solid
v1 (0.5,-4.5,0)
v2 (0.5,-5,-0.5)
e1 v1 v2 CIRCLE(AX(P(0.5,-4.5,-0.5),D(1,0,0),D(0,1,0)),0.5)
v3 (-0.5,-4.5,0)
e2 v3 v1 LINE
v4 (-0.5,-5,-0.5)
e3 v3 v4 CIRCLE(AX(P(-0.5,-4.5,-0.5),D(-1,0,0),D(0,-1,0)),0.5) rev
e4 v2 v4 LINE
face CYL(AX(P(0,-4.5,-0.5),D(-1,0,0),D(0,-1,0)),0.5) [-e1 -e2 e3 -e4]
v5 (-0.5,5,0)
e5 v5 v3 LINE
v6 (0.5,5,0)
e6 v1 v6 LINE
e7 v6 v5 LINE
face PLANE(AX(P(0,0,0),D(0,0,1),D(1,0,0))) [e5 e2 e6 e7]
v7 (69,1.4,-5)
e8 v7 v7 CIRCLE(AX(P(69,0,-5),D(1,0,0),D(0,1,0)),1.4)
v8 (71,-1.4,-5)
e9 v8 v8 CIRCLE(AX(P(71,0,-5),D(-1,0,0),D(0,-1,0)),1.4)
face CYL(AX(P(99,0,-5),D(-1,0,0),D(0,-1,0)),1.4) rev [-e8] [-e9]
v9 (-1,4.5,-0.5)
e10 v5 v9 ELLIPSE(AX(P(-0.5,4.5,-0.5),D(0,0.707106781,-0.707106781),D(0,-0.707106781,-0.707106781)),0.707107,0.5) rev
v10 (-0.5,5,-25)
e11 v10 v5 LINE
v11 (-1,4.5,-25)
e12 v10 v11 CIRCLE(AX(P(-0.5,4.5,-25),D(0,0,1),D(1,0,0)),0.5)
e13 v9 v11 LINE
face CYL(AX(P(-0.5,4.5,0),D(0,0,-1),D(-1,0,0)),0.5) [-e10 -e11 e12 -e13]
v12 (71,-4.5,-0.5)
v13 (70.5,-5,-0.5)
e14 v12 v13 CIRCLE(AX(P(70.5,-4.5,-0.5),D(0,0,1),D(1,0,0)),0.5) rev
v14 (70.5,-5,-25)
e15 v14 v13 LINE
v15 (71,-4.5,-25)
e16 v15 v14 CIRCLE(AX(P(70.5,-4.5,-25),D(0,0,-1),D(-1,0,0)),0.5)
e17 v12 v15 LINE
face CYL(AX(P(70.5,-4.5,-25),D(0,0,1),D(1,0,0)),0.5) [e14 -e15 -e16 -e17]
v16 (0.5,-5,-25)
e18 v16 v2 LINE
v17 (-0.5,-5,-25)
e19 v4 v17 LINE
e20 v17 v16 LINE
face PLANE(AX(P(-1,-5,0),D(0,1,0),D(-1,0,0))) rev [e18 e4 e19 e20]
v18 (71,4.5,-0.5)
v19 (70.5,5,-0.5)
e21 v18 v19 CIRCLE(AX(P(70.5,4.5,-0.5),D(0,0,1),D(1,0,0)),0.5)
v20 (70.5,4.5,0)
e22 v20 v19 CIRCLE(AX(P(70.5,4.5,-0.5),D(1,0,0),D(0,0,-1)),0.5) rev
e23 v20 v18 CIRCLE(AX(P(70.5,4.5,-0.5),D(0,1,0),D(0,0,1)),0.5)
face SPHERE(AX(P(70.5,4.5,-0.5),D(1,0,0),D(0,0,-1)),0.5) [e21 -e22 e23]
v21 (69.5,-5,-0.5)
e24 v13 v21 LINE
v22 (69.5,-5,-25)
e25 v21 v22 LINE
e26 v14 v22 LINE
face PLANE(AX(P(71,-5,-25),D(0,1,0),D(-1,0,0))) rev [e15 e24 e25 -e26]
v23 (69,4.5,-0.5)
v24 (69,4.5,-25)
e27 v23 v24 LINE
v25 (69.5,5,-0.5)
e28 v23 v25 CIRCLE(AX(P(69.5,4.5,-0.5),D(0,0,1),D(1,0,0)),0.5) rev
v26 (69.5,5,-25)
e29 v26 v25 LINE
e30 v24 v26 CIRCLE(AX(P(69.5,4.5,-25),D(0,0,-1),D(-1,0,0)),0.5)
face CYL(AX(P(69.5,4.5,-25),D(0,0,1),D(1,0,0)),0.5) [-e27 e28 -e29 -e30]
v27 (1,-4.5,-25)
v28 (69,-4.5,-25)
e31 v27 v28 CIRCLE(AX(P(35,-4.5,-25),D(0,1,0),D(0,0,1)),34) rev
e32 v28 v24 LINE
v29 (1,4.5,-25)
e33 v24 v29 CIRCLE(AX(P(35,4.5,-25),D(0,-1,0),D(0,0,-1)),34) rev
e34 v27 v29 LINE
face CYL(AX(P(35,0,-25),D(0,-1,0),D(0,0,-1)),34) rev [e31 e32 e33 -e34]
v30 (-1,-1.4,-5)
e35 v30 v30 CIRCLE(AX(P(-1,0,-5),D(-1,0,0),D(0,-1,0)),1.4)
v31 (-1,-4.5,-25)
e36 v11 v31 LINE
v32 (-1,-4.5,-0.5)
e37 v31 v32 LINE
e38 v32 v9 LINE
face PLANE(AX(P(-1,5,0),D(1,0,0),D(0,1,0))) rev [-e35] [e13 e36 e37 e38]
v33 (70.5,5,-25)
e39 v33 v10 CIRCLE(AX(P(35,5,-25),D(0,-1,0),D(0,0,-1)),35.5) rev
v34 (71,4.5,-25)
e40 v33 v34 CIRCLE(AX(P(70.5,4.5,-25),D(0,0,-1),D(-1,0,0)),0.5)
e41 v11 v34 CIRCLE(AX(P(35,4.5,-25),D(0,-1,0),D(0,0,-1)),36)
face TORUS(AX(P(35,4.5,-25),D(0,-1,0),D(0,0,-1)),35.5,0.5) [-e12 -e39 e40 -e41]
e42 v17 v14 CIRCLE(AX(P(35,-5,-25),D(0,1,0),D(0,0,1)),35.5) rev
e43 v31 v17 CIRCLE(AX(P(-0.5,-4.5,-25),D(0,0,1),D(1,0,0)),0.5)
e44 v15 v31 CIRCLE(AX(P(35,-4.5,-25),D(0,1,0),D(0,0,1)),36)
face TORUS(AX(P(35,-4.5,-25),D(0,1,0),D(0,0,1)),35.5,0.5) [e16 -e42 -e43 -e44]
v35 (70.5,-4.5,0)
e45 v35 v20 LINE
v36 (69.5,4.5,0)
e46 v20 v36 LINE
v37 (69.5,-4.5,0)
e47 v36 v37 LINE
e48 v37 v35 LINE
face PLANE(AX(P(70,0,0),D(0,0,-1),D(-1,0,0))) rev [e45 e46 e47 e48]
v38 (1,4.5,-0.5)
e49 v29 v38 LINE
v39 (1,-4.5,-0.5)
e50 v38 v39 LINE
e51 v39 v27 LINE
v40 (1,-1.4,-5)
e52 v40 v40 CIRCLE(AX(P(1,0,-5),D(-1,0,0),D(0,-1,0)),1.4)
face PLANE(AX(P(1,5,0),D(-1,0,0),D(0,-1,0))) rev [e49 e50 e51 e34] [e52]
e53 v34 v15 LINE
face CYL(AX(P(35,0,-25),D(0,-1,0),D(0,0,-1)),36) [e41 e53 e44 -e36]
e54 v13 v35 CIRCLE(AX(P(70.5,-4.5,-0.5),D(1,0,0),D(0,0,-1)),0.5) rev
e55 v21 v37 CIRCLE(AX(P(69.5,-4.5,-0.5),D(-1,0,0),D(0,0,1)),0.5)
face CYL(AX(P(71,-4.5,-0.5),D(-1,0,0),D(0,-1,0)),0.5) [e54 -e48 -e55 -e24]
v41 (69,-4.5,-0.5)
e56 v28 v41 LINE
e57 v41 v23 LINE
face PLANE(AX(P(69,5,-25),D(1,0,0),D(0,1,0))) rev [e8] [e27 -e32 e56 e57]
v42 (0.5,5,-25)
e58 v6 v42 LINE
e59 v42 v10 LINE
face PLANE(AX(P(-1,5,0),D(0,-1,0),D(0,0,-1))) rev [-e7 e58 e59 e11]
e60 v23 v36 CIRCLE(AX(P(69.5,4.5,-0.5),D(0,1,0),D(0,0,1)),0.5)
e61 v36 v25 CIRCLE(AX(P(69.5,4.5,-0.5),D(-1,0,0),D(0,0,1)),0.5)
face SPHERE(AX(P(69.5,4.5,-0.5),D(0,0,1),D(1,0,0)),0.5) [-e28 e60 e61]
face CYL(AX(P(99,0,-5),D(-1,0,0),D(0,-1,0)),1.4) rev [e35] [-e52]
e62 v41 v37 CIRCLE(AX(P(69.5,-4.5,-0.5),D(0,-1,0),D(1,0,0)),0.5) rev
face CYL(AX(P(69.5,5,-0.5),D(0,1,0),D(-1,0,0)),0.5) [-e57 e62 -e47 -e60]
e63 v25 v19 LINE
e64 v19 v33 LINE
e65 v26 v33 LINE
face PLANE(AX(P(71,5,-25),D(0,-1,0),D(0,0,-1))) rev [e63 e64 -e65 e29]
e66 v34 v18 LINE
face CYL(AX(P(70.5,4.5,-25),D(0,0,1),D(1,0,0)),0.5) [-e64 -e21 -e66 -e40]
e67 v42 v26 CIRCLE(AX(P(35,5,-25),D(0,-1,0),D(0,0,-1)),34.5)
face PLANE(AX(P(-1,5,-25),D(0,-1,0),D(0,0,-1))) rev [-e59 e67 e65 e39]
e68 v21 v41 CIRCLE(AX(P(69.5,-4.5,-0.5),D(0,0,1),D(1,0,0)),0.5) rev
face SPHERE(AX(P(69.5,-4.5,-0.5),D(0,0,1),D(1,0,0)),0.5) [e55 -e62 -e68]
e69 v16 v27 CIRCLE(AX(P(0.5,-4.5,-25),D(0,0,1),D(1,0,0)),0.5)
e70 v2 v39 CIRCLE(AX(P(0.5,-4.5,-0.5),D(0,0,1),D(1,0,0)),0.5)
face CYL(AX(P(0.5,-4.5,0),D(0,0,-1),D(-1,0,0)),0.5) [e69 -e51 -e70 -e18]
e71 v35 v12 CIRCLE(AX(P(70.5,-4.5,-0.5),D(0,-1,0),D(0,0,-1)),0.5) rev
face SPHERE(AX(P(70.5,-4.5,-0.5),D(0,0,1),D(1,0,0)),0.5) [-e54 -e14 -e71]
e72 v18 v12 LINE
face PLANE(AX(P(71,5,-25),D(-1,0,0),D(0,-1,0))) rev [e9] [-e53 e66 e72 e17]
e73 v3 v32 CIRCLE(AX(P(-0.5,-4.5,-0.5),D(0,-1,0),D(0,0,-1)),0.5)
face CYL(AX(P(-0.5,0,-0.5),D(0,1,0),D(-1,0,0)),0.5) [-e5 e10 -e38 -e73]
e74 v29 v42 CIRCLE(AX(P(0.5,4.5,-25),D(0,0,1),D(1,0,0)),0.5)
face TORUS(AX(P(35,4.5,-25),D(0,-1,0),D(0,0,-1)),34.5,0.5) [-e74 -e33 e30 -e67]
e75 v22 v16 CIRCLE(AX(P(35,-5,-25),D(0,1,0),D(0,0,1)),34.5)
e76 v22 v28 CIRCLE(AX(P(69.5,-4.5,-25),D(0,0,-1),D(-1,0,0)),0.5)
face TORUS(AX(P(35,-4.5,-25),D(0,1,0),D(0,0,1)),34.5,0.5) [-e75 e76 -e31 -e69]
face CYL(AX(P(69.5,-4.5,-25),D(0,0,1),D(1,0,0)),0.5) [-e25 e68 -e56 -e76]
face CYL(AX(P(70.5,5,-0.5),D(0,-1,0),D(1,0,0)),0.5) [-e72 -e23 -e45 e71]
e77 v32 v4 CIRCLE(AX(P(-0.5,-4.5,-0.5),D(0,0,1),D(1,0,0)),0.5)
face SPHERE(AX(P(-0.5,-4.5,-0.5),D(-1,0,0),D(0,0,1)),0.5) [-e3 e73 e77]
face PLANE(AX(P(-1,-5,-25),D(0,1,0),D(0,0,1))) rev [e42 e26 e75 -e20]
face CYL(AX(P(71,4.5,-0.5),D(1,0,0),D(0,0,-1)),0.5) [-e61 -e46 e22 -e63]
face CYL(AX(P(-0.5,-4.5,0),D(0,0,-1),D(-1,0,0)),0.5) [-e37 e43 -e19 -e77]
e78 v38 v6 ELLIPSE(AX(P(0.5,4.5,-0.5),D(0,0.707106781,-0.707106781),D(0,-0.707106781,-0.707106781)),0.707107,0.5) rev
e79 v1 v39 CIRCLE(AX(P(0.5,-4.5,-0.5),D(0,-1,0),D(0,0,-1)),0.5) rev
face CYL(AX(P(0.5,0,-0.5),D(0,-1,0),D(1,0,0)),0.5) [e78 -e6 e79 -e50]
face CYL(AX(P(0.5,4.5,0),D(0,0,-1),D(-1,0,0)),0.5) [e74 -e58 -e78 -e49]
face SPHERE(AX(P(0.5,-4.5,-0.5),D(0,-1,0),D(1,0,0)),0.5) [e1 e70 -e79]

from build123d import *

# Parameters (mm, degrees)
SZKIC3_W                   = 2
SZKIC3_H                   = 10
SZKIC5_R                   = 1.4
WYTNIJ_WYCI_GNI_CIE1_DEPTH = 100
ZAOKR_GLENIE1_R            = 0.5


with BuildPart() as part:
    # Wyciągnięcie po ścieżce1: sweep along a path in Szkic2
    with BuildLine(Plane(origin=(0, 0, 0), x_dir=(1, 0, 0), z_dir=(0, 1, 0))) as wyci_gni_cie_po_cie_ce1_path:
        Line((0, 0), (0, 25))
        ThreePointArc((0, 25), (35, 60), (70, 25))
        Line((70, 25), (70, 0))
    # Szkic3 → Wyciągnięcie po ścieżce1 (sweep)
    with BuildSketch(Plane.XY):
        Rectangle(SZKIC3_W, SZKIC3_H)
    sweep(path=wyci_gni_cie_po_cie_ce1_path.line)

    # Szkic5 → Wytnij-wyciągnięcie1 (cut)
    with BuildSketch(Plane.ZY.offset(1)):
        with Locations(Location((-5, 0, 0), (0, 0, 270))):
            Circle(SZKIC5_R)
    extrude(amount=-WYTNIJ_WYCI_GNI_CIE1_DEPTH, mode=Mode.SUBTRACT)

    # Zaokrąglenie1
    zaokr_glenie1_edges = [part.edges().sort_by_distance(p)[0] for p in [
        (35, -5, -61),
        (35, 5, -61),
        (1, 0, 0),
        (-1, 0, 0),
        (0, -5, 0),
        (1, -5, -12.5),
        (35, -5, -59),
        (70, -5, 0),
        (71, -5, -12.5),
        (71, 0, 0),
        (71, 5, -12.5),
        (70, 5, 0),
        (69, 0, 0),
        (69, -5, -12.5),
        (69, 5, -12.5),
        (-1, -5, -12.5),
        (35, 5, -59),
        (1, 5, -12.5),
        (-1, 5, -12.5),
    ]]
    fillet(zaokr_glenie1_edges, radius=ZAOKR_GLENIE1_R)


solid = part.part
